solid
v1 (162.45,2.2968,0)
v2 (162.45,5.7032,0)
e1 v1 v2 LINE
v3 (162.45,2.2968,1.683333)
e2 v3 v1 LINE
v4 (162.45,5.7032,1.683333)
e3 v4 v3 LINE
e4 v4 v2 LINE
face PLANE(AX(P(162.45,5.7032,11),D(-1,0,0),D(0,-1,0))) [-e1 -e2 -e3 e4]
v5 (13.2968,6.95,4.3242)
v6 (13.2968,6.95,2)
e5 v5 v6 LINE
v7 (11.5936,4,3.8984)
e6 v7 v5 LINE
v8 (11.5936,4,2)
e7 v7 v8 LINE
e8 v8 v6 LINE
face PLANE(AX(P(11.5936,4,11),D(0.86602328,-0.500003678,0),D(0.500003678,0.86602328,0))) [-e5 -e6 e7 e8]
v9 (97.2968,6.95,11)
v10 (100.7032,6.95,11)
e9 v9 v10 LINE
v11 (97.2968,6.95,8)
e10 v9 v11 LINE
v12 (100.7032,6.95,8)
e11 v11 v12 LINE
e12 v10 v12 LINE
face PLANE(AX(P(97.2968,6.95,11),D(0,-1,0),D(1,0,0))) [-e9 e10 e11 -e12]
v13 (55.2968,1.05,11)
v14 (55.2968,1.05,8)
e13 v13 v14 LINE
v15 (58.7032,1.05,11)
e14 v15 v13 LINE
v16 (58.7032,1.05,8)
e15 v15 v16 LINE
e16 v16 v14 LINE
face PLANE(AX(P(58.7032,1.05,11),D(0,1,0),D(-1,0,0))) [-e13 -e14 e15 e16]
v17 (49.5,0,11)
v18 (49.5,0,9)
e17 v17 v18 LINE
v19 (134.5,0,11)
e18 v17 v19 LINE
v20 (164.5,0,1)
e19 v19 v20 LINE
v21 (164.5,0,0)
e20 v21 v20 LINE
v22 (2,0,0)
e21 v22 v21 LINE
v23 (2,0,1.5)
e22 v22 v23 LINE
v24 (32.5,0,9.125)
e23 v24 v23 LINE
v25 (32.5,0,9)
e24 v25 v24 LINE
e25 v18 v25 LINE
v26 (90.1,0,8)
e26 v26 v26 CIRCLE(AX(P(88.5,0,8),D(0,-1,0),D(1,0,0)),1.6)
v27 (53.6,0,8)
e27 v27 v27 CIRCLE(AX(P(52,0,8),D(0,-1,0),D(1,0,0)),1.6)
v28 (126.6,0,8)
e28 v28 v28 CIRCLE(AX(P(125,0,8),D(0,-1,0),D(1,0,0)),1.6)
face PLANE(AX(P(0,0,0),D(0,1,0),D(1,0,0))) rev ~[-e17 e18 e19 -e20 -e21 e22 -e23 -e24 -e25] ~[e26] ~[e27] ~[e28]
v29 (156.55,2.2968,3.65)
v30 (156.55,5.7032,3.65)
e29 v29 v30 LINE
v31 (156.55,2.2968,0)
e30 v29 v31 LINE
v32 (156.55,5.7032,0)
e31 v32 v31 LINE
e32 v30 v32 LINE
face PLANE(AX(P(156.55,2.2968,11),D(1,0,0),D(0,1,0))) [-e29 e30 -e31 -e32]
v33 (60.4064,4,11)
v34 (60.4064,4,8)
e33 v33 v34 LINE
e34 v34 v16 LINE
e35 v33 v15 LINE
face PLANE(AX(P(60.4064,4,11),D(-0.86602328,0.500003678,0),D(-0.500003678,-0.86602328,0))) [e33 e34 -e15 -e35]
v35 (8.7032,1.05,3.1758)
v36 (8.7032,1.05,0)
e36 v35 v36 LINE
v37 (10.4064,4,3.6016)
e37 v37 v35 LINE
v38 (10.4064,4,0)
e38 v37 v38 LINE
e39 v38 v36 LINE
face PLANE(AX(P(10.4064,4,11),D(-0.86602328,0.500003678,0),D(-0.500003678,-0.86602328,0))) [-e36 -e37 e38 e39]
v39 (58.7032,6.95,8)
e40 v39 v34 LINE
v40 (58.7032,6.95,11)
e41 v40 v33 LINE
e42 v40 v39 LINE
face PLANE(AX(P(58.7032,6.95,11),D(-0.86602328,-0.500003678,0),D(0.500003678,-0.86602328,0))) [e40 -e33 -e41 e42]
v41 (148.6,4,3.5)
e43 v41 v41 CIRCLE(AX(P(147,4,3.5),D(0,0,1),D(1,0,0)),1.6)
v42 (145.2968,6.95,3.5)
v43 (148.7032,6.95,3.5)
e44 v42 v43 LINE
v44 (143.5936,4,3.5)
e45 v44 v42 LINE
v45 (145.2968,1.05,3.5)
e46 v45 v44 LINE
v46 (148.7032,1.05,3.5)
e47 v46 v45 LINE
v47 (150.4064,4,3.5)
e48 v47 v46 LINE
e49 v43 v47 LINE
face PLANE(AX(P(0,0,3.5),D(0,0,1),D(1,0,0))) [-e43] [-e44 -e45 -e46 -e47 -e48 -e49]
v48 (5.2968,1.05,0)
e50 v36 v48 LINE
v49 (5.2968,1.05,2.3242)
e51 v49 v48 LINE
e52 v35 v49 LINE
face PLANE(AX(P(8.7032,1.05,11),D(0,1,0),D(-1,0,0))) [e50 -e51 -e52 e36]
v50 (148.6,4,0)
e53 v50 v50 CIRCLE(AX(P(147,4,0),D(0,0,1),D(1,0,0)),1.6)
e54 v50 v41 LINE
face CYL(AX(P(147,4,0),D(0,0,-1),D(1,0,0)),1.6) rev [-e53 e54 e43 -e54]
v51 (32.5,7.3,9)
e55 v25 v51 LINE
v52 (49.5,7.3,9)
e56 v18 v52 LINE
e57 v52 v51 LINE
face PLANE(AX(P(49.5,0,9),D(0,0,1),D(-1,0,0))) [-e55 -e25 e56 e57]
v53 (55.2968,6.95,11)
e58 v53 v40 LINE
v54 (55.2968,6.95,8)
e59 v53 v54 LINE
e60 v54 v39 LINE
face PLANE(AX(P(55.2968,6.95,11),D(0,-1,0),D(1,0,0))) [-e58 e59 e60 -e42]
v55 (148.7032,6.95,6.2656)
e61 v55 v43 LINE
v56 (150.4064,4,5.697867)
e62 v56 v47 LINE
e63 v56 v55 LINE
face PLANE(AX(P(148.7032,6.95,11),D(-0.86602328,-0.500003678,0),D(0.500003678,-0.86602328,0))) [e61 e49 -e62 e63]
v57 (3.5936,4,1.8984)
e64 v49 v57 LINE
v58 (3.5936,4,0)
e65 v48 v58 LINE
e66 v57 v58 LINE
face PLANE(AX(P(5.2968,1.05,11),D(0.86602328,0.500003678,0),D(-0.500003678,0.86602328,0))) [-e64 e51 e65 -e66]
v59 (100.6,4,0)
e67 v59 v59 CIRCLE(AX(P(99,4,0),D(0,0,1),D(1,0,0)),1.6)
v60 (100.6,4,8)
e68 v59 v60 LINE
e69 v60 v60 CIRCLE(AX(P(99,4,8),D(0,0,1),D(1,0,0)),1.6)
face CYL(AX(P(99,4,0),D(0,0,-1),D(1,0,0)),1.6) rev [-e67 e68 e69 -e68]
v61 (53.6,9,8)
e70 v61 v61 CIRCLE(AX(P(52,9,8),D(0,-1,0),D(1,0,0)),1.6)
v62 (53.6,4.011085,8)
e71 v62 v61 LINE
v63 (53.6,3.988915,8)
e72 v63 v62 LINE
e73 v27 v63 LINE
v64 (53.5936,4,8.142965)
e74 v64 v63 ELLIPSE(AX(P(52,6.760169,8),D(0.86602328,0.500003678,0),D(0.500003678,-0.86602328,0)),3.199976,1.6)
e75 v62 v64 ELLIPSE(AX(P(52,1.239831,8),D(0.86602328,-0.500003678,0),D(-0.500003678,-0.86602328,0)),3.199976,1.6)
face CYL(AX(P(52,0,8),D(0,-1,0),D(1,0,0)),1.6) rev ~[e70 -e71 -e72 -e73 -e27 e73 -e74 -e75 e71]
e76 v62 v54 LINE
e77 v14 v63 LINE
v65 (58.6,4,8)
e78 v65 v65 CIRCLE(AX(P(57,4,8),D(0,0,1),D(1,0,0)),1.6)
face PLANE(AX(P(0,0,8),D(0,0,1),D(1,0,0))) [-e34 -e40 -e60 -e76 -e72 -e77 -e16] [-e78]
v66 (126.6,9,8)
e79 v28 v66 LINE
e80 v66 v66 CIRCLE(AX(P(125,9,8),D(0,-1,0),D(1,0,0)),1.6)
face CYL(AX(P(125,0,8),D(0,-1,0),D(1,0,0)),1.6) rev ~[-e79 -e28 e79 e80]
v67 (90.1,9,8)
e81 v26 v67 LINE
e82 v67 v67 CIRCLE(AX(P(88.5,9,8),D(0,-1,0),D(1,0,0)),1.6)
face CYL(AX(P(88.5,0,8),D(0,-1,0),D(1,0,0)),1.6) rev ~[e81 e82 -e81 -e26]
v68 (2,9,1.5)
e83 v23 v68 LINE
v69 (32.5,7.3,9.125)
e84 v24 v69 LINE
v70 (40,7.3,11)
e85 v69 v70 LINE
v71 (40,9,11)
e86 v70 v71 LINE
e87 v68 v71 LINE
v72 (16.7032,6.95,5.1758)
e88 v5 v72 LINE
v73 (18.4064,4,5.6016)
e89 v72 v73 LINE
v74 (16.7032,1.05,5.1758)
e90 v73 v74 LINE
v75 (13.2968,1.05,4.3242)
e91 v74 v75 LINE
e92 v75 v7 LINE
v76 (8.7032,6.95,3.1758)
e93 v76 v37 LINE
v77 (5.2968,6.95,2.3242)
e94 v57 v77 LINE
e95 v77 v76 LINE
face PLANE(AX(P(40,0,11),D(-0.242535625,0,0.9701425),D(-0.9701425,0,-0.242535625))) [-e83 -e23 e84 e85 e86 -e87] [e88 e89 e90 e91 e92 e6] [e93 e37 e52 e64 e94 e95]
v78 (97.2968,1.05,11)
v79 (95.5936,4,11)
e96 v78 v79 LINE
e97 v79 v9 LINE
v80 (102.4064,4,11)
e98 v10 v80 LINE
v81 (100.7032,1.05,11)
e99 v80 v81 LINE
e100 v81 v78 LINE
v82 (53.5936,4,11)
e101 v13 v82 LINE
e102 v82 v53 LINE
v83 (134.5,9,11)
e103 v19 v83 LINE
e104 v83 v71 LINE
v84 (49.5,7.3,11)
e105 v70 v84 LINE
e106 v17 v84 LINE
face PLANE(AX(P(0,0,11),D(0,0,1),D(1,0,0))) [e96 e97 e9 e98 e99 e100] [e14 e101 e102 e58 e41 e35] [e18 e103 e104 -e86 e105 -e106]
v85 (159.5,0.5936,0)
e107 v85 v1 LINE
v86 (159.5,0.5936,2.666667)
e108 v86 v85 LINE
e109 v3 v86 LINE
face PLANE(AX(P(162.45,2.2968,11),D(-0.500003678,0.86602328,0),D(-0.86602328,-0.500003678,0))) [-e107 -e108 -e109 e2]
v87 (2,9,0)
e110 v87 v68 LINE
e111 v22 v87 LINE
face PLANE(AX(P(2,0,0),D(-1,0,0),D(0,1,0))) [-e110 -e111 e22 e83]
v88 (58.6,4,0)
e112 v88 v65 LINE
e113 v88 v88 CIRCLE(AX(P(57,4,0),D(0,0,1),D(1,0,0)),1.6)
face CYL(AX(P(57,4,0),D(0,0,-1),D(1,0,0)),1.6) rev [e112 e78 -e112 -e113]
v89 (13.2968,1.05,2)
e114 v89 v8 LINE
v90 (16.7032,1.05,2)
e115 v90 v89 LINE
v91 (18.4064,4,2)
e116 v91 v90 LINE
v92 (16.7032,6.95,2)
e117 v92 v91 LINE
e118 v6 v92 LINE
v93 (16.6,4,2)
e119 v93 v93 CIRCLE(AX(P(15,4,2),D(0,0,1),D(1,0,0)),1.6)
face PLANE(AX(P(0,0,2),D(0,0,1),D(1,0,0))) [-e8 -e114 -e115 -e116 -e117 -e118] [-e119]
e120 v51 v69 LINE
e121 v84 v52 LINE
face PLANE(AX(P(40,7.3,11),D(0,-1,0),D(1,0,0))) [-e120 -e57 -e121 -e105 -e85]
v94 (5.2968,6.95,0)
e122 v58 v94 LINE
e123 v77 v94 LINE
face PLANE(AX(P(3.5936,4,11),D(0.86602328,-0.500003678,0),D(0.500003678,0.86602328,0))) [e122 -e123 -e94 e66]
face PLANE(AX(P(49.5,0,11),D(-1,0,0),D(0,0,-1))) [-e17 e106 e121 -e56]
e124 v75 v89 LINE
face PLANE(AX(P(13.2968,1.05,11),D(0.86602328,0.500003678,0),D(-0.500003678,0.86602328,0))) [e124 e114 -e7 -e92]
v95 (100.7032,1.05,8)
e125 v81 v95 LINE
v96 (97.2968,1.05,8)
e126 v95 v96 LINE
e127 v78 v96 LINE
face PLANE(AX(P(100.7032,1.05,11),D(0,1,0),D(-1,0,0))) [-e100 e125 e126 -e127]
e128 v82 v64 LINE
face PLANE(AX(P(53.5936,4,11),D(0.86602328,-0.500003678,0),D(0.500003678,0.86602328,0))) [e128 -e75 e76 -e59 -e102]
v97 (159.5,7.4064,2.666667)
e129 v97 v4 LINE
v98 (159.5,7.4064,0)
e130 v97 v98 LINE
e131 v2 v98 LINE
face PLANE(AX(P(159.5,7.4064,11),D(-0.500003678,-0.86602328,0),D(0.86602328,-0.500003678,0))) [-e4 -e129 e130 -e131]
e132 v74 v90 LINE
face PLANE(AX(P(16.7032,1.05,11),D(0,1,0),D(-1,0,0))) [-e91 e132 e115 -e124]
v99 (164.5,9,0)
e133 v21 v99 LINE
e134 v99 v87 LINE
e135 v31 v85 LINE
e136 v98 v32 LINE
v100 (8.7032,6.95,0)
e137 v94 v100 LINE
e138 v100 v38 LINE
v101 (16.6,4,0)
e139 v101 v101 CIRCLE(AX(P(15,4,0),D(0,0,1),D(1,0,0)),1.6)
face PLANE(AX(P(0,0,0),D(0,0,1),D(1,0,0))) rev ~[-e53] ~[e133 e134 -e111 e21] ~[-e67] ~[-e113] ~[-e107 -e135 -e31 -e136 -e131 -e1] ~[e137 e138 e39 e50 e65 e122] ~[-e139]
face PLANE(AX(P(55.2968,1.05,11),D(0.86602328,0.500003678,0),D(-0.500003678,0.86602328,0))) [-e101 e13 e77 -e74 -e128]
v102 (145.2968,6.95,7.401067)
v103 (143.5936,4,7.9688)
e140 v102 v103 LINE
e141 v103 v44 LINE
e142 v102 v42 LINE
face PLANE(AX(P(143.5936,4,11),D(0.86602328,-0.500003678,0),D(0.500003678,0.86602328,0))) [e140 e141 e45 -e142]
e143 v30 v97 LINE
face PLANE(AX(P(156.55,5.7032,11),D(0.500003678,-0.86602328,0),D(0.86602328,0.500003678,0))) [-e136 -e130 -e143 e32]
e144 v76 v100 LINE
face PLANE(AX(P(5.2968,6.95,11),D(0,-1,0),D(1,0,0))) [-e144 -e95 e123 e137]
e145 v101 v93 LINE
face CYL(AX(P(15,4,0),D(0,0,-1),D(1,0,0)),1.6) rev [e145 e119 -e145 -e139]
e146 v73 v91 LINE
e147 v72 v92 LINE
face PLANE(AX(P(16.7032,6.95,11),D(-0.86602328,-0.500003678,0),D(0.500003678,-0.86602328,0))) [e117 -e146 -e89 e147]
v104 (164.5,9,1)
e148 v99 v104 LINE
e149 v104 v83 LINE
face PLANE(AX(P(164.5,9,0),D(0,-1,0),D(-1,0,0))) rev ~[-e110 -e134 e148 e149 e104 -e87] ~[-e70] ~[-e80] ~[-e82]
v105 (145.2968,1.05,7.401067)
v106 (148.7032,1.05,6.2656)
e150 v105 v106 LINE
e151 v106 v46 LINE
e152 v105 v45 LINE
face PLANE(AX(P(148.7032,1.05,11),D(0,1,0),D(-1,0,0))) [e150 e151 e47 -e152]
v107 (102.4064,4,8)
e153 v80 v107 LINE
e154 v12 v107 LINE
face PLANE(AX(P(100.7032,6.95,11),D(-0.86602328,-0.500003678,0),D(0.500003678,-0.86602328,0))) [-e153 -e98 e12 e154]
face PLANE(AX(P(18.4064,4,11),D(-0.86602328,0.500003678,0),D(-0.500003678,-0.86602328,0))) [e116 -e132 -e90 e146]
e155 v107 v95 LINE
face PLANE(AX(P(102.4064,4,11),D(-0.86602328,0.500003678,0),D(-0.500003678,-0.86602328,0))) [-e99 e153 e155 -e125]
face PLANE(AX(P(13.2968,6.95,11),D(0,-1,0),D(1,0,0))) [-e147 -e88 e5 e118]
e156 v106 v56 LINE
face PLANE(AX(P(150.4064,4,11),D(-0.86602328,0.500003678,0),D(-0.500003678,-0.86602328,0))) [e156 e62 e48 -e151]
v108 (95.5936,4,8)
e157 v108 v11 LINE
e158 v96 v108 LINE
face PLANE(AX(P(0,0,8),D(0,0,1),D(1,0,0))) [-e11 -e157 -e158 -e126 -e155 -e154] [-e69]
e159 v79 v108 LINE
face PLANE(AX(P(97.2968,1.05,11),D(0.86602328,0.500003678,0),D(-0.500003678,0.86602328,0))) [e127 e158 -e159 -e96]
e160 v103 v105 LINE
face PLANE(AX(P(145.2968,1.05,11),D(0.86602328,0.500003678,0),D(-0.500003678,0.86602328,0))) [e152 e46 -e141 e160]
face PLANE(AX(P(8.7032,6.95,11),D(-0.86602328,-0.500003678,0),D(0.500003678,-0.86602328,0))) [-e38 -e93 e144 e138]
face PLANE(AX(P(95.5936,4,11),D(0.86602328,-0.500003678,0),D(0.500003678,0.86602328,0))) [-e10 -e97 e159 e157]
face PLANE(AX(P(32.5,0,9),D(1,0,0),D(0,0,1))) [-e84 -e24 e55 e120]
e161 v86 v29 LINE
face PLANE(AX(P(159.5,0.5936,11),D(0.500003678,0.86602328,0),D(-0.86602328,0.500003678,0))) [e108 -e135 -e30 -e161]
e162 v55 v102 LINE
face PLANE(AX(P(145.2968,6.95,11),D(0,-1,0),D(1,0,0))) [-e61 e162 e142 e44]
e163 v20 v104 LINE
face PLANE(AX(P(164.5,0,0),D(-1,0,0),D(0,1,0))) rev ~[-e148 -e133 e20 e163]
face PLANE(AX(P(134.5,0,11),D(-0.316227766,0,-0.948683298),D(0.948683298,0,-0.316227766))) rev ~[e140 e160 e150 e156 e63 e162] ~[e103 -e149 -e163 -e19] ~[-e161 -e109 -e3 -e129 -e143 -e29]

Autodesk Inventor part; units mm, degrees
ref_plane "YZ Plane" through (0, 0, 0) normal (1, 0, 0) x (0, 1, 0)
ref_plane "XZ Plane" through (0, 0, 0) normal (0, 1, 0) x (-1, 0, 0)
ref_plane "XY Plane" through (0, 0, 0) normal (0, 0, 1) x (1, 0, 0)
sketch "Sketch1" plane through (0, 0, 0) normal (0, 0, 1) x (1, 0, 0)
  line L0 (0, 0) -> (164.5, 0)
  line L1 (164.5, 0) -> (164.5, 9)
  line L2 (164.5, 9) -> (0, 9)
  line L3 (0, 9) -> (0, 0)
  circle A0 centre (57, 4) radius 1.6
  circle A1 centre (99, 4) radius 1.6
  circle A2 centre (159.5, 4) radius 1.6
  circle A3 centre (147, 4) radius 1.6
  circle A4 centre (15, 4) radius 1.6
  circle A5 centre (7, 4) radius 1.6
  dimension "d1" = 9
  dimension "d2" = 90
  dimension "d4" = 3.2
  dimension "d6" = 3.2
  dimension "d7" = 3.2
  dimension "d8" = 42
  dimension "d9" = 60.5
  dimension "d26" = 3.2
  dimension "d27" = 48
  dimension "d28" = 3.2
  dimension "d29" = 42
  dimension "d32" = 15
  dimension "d33" = 5
  dimension "d61" = 3.2
  dimension "d62" = 8
  dimension "d63" = 12.5
  dimension "d108" = 4
  dimension "d109" = 4
  dimension "d110" = 4
  dimension "d111" = 4
  dimension "d112" = 4
  dimension "d113" = 4
ref_plane "Work Plane2" through (0, 0, 0) normal (0, -1, 0) x (1, 0, 0)
sketch "Sketch2" plane through (0, 0, 0) normal (0, -1, 0) x (1, 0, 0)
  circle A0 centre (52, 8) radius 1.6
  circle A1 centre (125, 8) radius 1.6
  circle A2 centre (88.5, 8) radius 1.6
  point P0 (0, 0)
  point P1 (52, 0)
  dimension "d13" = 3.2
  dimension "d15" = 3.2
  dimension "d17" = 3.2
  dimension "d18" = 36.5
  dimension "d64" = 52
  dimension "d65" = 36.5
  dimension "d114" = 8
  dimension "d115" = 73
ref_plane "Work Plane1" through (0, 0, 11) normal (0, 0, 1) x (1, 0, 0)
extrude "klocek" add sketch "Sketch1" along normal blind 11
ref_plane "Work Plane3" through (0, 0, 0) normal (0, -1, 0) x (1, 0, 0)
extrude "prowadzenie osi" cut sketch "Sketch2" against normal up to next
ref_plane "Work Plane4" through (0, 0, 0) normal (0, -1, 0) x (1, 0, 0)
sketch "Sketch7" plane through (0, 0, 0) normal (0, -1, 0) x (1, 0, 0)
  line L0 (0, 11) -> (0, 1)
  line L1 (0, 11) -> (164.5, 11) projected
  line L2 (0, 11) -> (40, 11)
  line L3 (40, 11) -> (0, 1)
  point P0 (0, -1.8333)
  dimension "d86" = 10
  dimension "d87" = 40
sketch "Sketch8" plane through (0, 0, 0) normal (0, -1, 0) x (1, 0, 0)
  line L0 (164.5, 0) -> (164.5, 11) projected
  line L1 (164.5, 11) -> (164.5, 1)
  line L2 (164.5, 11) -> (0, 11) projected
  line L3 (164.5, 11) -> (134.5, 11)
  line L4 (134.5, 11) -> (164.5, 1)
  point P0 (0, 0)
  point P1 (40.8333, 11)
  dimension "d80" = 10
  dimension "d81" = 30
extrude "przedni skos" cut sketch "Sketch7" against normal up to next
extrude "tylni skos" cut sketch "Sketch8" against normal up to next
ref_plane "Work Plane7" through (0, 0, 11) normal (0, 0, 1) x (1, 0, 0)
sketch "Sketch5" plane through (0, 0, 11) normal (0, 0, 1) x (1, 0, 0)
  circle A0 centre (99, 4) radius 1.6 projected
  line L0 (95.5936, 4) -> (97.2968, 6.95)
  line L1 (97.2968, 6.95) -> (100.7032, 6.95)
  line L2 (100.7032, 6.95) -> (102.4064, 4)
  line L3 (102.4064, 4) -> (100.7032, 1.05)
  line L4 (100.7032, 1.05) -> (97.2968, 1.05)
  line L5 (97.2968, 1.05) -> (95.5936, 4)
  circle A1 centre (57, 4) radius 1.6 projected
  line L6 (60.4064, 4) -> (58.7032, 1.05)
  line L7 (58.7032, 1.05) -> (55.2968, 1.05)
  line L8 (55.2968, 1.05) -> (53.5936, 4)
  line L9 (53.5936, 4) -> (55.2968, 6.95)
  line L10 (55.2968, 6.95) -> (58.7032, 6.95)
  line L11 (58.7032, 6.95) -> (60.4064, 4)
  point P0 (119.5, 5)
  dimension "d98" = 5.9
  dimension "d100" = 5.9
extrude "hex insert middle" cut sketch "Sketch5" against normal blind 3
ref_plane "Work Plane6" through (0, 0, 11) normal (0, 0, 1) x (1, 0, 0)
sketch "Sketch9" plane through (0, 0, 11) normal (0, 0, 1) x (1, 0, 0)
  circle A0 centre (147, 4) radius 1.6 projected
  line L0 (150.4064, 4) -> (148.7032, 1.05)
  line L1 (148.7032, 1.05) -> (145.2968, 1.05)
  line L2 (145.2968, 1.05) -> (143.5936, 4)
  line L3 (143.5936, 4) -> (145.2968, 6.95)
  line L4 (145.2968, 6.95) -> (148.7032, 6.95)
  line L5 (148.7032, 6.95) -> (150.4064, 4)
  point P0 (0, 0)
  point P1 (153, 5)
  dimension "d99" = 5.9
extrude "hex insert rear 1" cut sketch "Sketch9" against normal blind 7.5
ref_plane "Work Plane5" through (0, 0, 11) normal (0, 0, 1) x (1, 0, 0)
sketch "Sketch10" plane through (0, 0, 11) normal (0, 0, 1) x (1, 0, 0)
  circle A0 centre (159.5, 4) radius 1.6 projected
  line L0 (162.45, 5.7032) -> (162.45, 2.2968)
  line L1 (162.45, 2.2968) -> (159.5, 0.5936)
  line L2 (159.5, 0.5936) -> (156.55, 2.2968)
  line L3 (156.55, 2.2968) -> (156.55, 5.7032)
  line L4 (156.55, 5.7032) -> (159.5, 7.4064)
  line L5 (159.5, 7.4064) -> (162.45, 5.7032)
  line L6 (164.5, 0) -> (134.5, 0) projected
  point P0 (0, 0)
  dimension "d118" = 5.9
extrude "hex insert rear 2" cut sketch "Sketch10" against normal up to next contours A0 | L0 L1 L2 L3 L4 L5
sketch "Sketch13" plane through (0, 0, 11) normal (0, 0, 1) x (1, 0, 0)
  circle A0 centre (7, 4) radius 1.6 projected
  line L0 (10.4064, 4) -> (8.7032, 1.05)
  line L1 (8.7032, 1.05) -> (5.2968, 1.05)
  line L2 (5.2968, 1.05) -> (3.5936, 4)
  line L3 (3.5936, 4) -> (5.2968, 6.95)
  line L4 (5.2968, 6.95) -> (8.7032, 6.95)
  line L5 (8.7032, 6.95) -> (10.4064, 4)
  dimension "d123" = 5.9
extrude "hex insert front 1" cut sketch "Sketch13" against normal through all
sketch "Sketch16" plane through (0, 0, 11) normal (0, 0, 1) x (1, 0, 0)
  circle A0 centre (15, 4) radius 1.6 projected
  line L0 (18.4064, 4) -> (16.7032, 1.05)
  line L1 (16.7032, 1.05) -> (13.2968, 1.05)
  line L2 (13.2968, 1.05) -> (11.5936, 4)
  line L3 (11.5936, 4) -> (13.2968, 6.95)
  line L4 (13.2968, 6.95) -> (16.7032, 6.95)
  line L5 (16.7032, 6.95) -> (18.4064, 4)
  point P0 (0, 0)
  dimension "d93" = 5.9
extrude "hex insert front 2" cut sketch "Sketch16" against normal blind 9
sketch "Sketch17" plane through (0, 0, 0) normal (0, 0, -1) x (-1, 0, 0)
  line L0 (-164.5, 9) -> (0, 9) projected
  line L1 (0, 0) -> (-2, 0)
  line L2 (-2, 0) -> (-2, 9)
  line L3 (-2, 9) -> (0, 9)
  line L4 (0, 9) -> (0, 0)
  dimension "d122" = 2
extrude "ciecie przod" cut sketch "Sketch17" against normal up to next
sketch "Sketch18" plane through (40, 0, 11) normal (0, -1, 0) x (1, 0, 0)
  line L0 (9.5, 0) -> (9.5, -2)
  line L1 (9.5, -2) -> (-7.5, -2)
  line L2 (-7.5, -2) -> (-7.5, 0)
  line L3 (-7.5, 0) -> (9.5, 0)
  line L4 (94.5, 0) -> (0, 0) projected
  circle A0 centre (12, -3) radius 1.6 projected
  line L5 (-40, -11) -> (124.5, -11) projected
  point P0 (-35, -11)
  dimension "d102" = 2
  dimension "d103" = 17
  dimension "d104" = 2.5
extrude "sensor linii" cut sketch "Sketch18" against normal blind 7.3 contours L0 L1 L2 L3
properties part number "wheel_support_v4_narrow_with_line_sensor_all_holes"
